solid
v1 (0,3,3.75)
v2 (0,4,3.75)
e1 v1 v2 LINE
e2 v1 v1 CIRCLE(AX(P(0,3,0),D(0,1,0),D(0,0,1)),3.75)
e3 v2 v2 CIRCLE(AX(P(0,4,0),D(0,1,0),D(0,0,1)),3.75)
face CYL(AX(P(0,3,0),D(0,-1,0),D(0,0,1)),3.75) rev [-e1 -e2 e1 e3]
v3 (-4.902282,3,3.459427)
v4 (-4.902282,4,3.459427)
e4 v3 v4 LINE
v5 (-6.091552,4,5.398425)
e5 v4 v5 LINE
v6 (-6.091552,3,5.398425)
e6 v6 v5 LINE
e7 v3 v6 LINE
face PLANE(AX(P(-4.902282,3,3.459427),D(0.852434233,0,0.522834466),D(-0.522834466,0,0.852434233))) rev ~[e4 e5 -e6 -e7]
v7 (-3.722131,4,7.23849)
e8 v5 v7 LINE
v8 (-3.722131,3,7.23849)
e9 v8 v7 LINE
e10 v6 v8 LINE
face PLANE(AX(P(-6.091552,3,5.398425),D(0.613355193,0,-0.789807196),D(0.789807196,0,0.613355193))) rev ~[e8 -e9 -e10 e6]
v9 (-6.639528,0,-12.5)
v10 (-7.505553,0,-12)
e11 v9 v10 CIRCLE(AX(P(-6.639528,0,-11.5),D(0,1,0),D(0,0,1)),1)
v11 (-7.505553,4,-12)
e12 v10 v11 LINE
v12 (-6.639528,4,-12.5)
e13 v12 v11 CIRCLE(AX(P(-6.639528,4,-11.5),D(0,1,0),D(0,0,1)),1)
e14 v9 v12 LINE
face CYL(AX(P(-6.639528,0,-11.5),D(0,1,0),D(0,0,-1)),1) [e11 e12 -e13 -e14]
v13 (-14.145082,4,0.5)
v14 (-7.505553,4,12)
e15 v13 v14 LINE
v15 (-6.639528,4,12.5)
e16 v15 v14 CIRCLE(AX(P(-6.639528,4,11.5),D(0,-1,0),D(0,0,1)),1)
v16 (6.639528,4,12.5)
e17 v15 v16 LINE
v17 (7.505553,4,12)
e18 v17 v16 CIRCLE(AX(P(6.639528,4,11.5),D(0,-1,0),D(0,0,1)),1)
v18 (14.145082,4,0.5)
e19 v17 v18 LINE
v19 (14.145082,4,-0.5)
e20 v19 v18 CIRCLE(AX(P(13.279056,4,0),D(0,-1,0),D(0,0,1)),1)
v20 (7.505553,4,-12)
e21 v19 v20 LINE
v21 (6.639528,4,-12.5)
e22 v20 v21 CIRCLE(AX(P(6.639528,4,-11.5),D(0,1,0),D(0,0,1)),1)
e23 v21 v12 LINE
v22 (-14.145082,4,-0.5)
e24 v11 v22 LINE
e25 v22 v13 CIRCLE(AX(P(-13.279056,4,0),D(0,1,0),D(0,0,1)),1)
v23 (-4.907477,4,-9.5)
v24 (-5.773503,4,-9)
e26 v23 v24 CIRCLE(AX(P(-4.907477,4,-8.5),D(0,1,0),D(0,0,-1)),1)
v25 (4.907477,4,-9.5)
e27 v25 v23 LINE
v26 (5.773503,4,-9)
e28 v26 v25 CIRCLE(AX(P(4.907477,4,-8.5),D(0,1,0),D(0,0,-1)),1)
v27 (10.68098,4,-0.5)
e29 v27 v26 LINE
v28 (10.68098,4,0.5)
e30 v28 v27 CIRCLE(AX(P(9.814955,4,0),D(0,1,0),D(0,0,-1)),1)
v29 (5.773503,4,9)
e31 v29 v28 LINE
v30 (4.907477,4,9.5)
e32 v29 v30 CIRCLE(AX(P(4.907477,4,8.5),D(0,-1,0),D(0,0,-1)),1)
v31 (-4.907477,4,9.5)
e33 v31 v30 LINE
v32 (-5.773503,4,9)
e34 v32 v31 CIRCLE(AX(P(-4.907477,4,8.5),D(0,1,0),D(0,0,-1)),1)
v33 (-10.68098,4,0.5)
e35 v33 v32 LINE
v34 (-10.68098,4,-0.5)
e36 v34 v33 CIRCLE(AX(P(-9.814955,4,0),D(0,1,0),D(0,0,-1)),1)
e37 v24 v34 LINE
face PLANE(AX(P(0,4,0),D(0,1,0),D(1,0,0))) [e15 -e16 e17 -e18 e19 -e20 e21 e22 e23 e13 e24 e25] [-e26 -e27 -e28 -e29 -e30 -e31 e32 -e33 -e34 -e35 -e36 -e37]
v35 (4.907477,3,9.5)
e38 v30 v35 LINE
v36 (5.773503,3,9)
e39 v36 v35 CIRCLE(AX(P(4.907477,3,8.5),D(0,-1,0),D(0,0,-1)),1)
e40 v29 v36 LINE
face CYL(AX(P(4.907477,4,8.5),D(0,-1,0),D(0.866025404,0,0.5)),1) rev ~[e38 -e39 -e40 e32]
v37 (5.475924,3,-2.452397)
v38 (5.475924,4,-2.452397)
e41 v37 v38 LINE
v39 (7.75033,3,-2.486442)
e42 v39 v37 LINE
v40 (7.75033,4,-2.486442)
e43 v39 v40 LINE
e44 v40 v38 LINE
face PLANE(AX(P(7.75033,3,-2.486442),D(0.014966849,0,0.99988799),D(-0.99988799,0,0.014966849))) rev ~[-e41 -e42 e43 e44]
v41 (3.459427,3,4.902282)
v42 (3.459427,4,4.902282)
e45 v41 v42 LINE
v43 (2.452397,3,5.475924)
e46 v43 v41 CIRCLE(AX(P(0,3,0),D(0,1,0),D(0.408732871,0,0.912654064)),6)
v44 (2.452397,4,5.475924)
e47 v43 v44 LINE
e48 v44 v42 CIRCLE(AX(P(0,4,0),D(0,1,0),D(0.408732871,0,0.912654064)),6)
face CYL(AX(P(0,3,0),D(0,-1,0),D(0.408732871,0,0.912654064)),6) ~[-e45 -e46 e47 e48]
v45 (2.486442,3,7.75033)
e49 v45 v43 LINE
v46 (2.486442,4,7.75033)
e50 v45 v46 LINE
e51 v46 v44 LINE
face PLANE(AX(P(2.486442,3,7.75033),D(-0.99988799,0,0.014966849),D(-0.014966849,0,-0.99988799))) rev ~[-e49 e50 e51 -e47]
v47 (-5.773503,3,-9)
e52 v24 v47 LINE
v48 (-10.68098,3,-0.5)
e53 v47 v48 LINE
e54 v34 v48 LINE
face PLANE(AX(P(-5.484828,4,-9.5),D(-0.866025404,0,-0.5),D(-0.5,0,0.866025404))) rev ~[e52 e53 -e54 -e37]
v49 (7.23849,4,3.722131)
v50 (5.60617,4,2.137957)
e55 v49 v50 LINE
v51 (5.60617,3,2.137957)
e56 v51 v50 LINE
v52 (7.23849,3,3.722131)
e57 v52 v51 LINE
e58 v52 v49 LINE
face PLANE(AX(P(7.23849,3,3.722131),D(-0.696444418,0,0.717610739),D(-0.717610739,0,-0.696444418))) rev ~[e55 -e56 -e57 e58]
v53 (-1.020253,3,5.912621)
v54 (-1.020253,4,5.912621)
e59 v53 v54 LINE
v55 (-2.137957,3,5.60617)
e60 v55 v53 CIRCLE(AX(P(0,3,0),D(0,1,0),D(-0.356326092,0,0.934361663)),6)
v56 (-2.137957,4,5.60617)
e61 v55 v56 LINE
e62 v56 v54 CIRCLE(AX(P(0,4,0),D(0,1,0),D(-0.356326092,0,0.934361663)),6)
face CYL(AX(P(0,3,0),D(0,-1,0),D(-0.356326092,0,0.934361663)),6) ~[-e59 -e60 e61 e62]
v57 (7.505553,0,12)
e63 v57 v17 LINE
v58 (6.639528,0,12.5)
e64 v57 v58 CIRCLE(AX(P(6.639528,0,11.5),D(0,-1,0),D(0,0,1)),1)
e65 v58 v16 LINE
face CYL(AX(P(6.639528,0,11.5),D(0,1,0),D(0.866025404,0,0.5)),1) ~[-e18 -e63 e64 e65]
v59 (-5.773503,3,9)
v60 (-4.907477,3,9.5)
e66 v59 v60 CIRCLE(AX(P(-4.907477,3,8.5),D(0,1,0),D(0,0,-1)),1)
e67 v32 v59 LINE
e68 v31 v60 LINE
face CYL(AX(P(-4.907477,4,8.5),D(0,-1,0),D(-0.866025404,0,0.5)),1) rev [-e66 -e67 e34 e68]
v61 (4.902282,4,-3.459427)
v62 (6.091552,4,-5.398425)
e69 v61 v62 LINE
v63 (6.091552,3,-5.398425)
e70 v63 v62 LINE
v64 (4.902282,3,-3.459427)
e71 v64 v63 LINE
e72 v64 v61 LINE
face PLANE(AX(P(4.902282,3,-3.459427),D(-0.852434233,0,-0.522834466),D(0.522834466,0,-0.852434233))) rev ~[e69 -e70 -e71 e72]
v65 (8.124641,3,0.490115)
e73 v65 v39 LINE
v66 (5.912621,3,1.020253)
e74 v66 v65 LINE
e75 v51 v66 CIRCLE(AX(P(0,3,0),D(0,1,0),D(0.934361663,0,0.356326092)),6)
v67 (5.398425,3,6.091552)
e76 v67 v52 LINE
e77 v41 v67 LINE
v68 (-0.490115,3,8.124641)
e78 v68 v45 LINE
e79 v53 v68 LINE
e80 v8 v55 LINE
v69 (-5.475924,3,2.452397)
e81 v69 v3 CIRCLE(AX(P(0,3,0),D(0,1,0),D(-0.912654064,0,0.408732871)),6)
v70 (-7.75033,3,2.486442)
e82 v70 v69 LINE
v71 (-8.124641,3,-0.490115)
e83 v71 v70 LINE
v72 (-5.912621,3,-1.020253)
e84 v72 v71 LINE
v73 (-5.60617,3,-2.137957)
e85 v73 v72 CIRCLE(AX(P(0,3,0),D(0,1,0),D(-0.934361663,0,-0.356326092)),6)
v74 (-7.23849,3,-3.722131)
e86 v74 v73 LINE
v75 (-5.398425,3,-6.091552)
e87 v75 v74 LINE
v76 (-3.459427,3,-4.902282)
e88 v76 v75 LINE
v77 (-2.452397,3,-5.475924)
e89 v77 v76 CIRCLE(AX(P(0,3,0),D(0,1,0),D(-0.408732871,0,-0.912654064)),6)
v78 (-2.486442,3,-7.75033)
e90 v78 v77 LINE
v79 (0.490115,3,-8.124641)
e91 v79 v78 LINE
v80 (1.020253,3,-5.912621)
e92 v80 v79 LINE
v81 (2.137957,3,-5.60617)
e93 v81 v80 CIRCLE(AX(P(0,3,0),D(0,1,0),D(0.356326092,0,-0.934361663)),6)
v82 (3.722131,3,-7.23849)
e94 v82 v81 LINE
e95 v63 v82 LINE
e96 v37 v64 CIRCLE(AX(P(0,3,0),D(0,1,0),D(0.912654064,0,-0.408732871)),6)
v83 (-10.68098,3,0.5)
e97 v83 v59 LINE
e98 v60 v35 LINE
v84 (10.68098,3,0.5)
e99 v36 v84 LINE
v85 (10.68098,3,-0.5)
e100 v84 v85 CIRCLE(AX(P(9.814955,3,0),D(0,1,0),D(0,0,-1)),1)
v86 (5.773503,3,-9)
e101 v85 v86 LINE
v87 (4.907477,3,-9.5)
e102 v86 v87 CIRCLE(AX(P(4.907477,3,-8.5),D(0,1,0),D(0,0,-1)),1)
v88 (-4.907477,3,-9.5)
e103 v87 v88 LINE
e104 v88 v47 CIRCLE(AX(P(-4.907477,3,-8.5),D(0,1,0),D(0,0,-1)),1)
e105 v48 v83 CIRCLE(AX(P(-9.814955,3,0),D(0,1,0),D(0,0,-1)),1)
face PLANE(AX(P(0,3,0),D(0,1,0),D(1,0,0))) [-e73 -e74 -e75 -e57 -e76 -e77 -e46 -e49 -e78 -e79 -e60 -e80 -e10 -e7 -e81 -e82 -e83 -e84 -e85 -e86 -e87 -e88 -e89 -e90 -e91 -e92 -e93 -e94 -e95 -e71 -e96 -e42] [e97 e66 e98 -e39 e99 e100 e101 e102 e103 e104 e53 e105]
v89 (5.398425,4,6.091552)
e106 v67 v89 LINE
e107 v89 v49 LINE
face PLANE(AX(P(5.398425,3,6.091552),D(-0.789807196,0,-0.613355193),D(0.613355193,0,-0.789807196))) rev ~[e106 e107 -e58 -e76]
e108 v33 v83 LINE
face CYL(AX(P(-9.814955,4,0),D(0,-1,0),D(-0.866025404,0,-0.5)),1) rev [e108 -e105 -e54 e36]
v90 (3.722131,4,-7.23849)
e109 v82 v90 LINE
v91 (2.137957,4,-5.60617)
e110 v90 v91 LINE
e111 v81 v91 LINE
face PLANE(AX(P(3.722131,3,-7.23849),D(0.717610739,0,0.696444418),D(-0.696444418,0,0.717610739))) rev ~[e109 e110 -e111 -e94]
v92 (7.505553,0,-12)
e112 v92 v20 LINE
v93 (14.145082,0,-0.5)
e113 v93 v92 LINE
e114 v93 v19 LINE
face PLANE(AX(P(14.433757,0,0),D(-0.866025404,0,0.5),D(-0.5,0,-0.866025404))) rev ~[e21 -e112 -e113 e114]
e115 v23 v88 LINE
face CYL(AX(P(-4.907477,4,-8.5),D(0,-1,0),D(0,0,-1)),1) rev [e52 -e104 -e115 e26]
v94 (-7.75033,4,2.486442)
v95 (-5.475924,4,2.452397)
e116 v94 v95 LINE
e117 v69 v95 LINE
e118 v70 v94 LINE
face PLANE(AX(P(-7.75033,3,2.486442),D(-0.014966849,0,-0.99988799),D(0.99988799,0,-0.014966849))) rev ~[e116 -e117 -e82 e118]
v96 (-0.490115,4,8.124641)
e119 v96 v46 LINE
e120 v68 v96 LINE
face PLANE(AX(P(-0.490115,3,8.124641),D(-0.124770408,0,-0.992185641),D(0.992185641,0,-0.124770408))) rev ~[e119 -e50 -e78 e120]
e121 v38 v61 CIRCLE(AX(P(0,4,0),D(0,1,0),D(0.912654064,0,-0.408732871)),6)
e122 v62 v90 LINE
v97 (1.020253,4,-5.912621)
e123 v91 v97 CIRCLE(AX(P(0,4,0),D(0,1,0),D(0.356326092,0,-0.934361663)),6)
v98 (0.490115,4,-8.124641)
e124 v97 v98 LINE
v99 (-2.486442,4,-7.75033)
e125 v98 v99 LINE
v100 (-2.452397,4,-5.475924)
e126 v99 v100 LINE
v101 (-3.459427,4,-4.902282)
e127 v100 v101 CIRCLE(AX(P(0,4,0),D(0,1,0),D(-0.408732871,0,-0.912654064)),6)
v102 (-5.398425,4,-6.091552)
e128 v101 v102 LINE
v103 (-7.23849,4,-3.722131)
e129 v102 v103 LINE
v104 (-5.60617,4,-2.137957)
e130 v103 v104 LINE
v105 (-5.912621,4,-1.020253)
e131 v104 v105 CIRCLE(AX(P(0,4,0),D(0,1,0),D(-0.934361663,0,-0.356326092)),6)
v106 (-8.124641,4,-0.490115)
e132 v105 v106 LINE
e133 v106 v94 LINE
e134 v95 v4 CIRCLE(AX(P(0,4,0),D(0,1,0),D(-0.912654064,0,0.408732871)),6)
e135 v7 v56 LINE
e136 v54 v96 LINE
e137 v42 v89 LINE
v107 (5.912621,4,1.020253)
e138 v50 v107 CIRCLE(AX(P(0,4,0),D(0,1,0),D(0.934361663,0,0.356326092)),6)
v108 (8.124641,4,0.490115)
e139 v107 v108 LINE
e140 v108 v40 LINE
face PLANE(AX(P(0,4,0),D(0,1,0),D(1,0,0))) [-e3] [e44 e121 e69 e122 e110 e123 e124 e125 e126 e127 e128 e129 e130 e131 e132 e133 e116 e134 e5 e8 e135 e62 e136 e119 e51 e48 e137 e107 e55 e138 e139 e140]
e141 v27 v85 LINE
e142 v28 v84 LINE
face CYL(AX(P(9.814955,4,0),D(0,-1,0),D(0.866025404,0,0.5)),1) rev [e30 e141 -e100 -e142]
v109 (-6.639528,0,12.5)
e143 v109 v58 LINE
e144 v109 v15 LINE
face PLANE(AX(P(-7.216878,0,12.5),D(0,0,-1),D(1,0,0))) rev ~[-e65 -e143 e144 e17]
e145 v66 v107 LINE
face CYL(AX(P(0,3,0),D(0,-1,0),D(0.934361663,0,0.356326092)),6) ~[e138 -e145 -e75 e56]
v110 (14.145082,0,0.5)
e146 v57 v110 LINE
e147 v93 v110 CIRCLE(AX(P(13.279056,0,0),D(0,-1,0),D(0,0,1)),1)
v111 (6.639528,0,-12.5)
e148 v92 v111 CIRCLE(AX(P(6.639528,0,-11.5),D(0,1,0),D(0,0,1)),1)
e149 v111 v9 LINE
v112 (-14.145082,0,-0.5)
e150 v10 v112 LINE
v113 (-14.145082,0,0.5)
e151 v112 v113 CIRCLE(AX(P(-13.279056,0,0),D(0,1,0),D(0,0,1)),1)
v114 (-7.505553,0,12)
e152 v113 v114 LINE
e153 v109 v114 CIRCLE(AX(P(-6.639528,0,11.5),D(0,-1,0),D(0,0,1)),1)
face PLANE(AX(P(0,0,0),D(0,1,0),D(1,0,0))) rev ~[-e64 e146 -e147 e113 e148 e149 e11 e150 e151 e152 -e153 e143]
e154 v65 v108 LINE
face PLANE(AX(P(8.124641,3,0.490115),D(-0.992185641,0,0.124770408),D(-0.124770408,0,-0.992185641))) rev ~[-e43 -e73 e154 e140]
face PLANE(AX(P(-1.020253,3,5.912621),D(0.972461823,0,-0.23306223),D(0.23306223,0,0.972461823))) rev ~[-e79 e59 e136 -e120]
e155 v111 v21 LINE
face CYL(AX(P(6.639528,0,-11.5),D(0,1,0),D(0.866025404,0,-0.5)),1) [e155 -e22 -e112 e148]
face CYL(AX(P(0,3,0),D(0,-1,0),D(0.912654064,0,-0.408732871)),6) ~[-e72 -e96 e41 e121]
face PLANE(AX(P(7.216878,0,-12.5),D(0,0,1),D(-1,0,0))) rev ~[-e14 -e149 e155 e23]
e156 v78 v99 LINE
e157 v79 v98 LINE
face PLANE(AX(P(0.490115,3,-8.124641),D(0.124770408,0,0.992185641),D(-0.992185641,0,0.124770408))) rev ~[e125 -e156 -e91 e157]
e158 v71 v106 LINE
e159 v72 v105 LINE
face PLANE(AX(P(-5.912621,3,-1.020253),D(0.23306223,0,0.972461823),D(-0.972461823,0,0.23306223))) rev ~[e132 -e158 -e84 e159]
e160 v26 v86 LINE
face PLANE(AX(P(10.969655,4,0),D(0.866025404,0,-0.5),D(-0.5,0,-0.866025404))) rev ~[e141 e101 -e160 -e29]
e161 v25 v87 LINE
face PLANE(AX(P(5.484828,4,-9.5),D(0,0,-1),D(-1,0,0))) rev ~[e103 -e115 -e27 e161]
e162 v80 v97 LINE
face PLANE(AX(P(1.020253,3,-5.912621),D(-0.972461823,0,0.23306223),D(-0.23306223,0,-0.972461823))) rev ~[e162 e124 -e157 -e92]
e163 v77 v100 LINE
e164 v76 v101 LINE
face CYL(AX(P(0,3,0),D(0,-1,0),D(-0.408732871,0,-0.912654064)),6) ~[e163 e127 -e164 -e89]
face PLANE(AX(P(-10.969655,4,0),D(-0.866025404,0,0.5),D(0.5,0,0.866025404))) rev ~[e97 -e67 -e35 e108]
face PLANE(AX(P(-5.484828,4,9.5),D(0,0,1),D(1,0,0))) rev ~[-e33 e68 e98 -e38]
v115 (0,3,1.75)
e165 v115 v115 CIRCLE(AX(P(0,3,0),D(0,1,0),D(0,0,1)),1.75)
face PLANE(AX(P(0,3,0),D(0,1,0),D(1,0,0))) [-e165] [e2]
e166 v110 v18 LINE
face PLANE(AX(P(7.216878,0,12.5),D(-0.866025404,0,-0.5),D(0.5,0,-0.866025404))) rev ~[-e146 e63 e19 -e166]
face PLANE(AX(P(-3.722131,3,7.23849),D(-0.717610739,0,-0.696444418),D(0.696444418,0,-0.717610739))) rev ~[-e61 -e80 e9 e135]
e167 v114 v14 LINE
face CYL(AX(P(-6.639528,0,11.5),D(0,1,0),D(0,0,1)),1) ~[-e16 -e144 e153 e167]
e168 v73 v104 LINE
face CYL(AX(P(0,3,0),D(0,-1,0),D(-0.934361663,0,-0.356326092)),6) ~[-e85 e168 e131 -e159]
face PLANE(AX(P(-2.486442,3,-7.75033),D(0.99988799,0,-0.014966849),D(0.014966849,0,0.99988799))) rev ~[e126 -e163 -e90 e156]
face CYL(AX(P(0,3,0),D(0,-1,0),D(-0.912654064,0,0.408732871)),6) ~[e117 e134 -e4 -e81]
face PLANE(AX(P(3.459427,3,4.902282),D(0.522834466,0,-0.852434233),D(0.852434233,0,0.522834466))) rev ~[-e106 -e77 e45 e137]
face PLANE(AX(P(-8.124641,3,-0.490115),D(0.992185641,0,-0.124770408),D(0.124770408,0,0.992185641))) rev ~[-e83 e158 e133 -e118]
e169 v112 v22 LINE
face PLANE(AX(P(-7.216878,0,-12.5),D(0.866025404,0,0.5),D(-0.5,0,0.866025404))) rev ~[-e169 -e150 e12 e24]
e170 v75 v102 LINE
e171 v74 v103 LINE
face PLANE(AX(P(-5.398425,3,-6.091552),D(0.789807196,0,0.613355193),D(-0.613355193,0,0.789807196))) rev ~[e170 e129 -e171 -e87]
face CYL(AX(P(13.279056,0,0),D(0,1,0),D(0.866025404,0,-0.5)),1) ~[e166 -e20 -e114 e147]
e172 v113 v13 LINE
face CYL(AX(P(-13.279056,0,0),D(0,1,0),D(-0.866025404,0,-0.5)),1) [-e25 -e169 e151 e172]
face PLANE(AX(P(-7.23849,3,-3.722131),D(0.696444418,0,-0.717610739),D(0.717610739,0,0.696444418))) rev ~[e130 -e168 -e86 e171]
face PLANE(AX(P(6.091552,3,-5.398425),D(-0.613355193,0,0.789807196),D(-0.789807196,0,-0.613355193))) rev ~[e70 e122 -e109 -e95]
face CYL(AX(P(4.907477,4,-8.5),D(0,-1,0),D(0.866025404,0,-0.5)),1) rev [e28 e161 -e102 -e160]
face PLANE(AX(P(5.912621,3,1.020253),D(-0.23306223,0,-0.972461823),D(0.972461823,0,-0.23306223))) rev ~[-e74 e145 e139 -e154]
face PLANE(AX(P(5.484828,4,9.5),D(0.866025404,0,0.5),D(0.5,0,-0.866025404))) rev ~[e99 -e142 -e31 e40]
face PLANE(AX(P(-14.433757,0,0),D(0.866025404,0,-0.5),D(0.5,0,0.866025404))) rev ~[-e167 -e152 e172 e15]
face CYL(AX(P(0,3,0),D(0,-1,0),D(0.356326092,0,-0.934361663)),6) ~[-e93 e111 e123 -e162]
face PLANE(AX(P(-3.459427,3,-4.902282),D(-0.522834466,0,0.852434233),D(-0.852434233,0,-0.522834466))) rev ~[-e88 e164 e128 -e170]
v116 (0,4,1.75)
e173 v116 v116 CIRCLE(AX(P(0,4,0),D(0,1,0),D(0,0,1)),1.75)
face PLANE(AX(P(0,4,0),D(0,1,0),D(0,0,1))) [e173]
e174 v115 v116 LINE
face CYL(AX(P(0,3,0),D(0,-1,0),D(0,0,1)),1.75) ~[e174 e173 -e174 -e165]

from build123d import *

# Parameters (mm, degrees)
EXTRUDE_1_DEPTH     = 4
CUT_EXTRUDE_1_DEPTH = 1
SKETCH_3_R          = 3.75
SKETCH_3_R_2        = 1.75
EXTRUDE_2_DEPTH     = 1
FILLET_1_R          = 1


with BuildPart() as part:
    # 草图1 → 凸台-拉伸1 (new body)
    with BuildSketch(Plane(origin=(0, 0, 0), x_dir=(1, 0, 0), z_dir=(0, 1, 0))):
        Polygon((14.43375673, 0), (7.216878365, 12.5), (-7.216878365, 12.5), (-14.43375673, 0), (-7.216878365, -12.5), (7.216878365, -12.5), align=None)
    extrude(amount=EXTRUDE_1_DEPTH)

    # 草图2 → 切除-拉伸1 (cut)
    with BuildSketch(Plane(origin=(0, 4, 0), x_dir=(1, 0, 0), z_dir=(0, 1, 0))):
        Polygon((5.484827557, -9.5), (10.969655115, 0), (5.484827557, 9.5), (-5.484827557, 9.5), (-10.969655115, 0), (-5.484827557, -9.5), align=None)
    extrude(amount=-CUT_EXTRUDE_1_DEPTH, mode=Mode.SUBTRACT)

    # 草图3 → 凸台-拉伸2 (add)
    # profile 1 of 2: a face of its own
    with BuildSketch(Plane(origin=(0, 3, 0), x_dir=(1, 0, 0), z_dir=(0, 1, 0))):
        with BuildLine():
            Line((8.124640736, -0.490115197), (7.750329512, 2.486441724))
            Line((7.750329512, 2.486441724), (5.47592438, 2.452397232))
            ThreePointArc((5.47592438, 2.452397232), (5.213474627, 2.969794996), (4.902281736, 3.4594268))
            Line((4.902281736, 3.4594268), (6.091552339, 5.39842478))
            Line((6.091552339, 5.39842478), (3.72213075, 7.238490359))
            Line((3.72213075, 7.238490359), (2.137956549, 5.606169975))
            ThreePointArc((2.137956549, 5.606169975), (1.586521082, 5.786445442), (1.02025251, 5.912620808))
            Line((1.02025251, 5.912620808), (0.490115197, 8.124640736))
            Line((0.490115197, 8.124640736), (-2.486441724, 7.750329512))
            Line((-2.486441724, 7.750329512), (-2.452397232, 5.47592438))
            ThreePointArc((-2.452397232, 5.47592438), (-2.969794996, 5.213474627), (-3.4594268, 4.902281736))
            Line((-3.4594268, 4.902281736), (-5.39842478, 6.091552339))
            Line((-5.39842478, 6.091552339), (-7.238490359, 3.72213075))
            Line((-7.238490359, 3.72213075), (-5.606169975, 2.137956549))
            ThreePointArc((-5.606169975, 2.137956549), (-5.786445442, 1.586521082), (-5.912620808, 1.02025251))
            Line((-5.912620808, 1.02025251), (-8.124640736, 0.490115197))
            Line((-8.124640736, 0.490115197), (-7.750329512, -2.486441724))
            Line((-7.750329512, -2.486441724), (-5.47592438, -2.452397232))
            ThreePointArc((-5.47592438, -2.452397232), (-5.213474627, -2.969794996), (-4.902281736, -3.4594268))
            Line((-4.902281736, -3.4594268), (-6.091552339, -5.39842478))
            Line((-6.091552339, -5.39842478), (-3.72213075, -7.238490359))
            Line((-3.72213075, -7.238490359), (-2.137956549, -5.606169975))
            ThreePointArc((-2.137956549, -5.606169975), (-1.586521082, -5.786445442), (-1.02025251, -5.912620808))
            Line((-1.02025251, -5.912620808), (-0.490115197, -8.124640736))
            Line((-0.490115197, -8.124640736), (2.486441724, -7.750329512))
            Line((2.486441724, -7.750329512), (2.452397232, -5.47592438))
            ThreePointArc((2.452397232, -5.47592438), (2.969794996, -5.213474627), (3.4594268, -4.902281736))
            Line((3.4594268, -4.902281736), (5.39842478, -6.091552339))
            Line((5.39842478, -6.091552339), (7.238490359, -3.72213075))
            Line((7.238490359, -3.72213075), (5.606169975, -2.137956549))
            ThreePointArc((5.606169975, -2.137956549), (5.786445442, -1.586521082), (5.912620808, -1.02025251))
            Line((5.912620808, -1.02025251), (8.124640736, -0.490115197))
        make_face()
        with Locations(Location((0, 0, 0), (0, 0, 270))):
            Circle(SKETCH_3_R, mode=Mode.SUBTRACT)
    # profile 2 of 2: a face of its own
    with BuildSketch(Plane(origin=(0, 3, 0), x_dir=(1, 0, 0), z_dir=(0, 1, 0))):
        with Locations(Location((0, 0, 0), (0, 0, 270))):
            Circle(SKETCH_3_R_2)
    extrude(amount=EXTRUDE_2_DEPTH)

    # 圆角1
    fillet_1_edges = [part.edges().sort_by_distance(p)[0] for p in [
        (7.216878365, 2, 12.5),
        (-7.216878365, 2, 12.5),
        (-14.43375673, 2, 0),
        (-7.216878365, 2, -12.5),
        (7.216878365, 2, -12.5),
        (14.43375673, 2, 0),
        (5.484827557, 3.5, 9.5),
        (-5.484827557, 3.5, 9.5),
        (-10.969655115, 3.5, 0),
        (-5.484827557, 3.5, -9.5),
        (5.484827557, 3.5, -9.5),
        (10.969655115, 3.5, 0),
    ]]
    fillet(fillet_1_edges, radius=FILLET_1_R)


solid = part.part
